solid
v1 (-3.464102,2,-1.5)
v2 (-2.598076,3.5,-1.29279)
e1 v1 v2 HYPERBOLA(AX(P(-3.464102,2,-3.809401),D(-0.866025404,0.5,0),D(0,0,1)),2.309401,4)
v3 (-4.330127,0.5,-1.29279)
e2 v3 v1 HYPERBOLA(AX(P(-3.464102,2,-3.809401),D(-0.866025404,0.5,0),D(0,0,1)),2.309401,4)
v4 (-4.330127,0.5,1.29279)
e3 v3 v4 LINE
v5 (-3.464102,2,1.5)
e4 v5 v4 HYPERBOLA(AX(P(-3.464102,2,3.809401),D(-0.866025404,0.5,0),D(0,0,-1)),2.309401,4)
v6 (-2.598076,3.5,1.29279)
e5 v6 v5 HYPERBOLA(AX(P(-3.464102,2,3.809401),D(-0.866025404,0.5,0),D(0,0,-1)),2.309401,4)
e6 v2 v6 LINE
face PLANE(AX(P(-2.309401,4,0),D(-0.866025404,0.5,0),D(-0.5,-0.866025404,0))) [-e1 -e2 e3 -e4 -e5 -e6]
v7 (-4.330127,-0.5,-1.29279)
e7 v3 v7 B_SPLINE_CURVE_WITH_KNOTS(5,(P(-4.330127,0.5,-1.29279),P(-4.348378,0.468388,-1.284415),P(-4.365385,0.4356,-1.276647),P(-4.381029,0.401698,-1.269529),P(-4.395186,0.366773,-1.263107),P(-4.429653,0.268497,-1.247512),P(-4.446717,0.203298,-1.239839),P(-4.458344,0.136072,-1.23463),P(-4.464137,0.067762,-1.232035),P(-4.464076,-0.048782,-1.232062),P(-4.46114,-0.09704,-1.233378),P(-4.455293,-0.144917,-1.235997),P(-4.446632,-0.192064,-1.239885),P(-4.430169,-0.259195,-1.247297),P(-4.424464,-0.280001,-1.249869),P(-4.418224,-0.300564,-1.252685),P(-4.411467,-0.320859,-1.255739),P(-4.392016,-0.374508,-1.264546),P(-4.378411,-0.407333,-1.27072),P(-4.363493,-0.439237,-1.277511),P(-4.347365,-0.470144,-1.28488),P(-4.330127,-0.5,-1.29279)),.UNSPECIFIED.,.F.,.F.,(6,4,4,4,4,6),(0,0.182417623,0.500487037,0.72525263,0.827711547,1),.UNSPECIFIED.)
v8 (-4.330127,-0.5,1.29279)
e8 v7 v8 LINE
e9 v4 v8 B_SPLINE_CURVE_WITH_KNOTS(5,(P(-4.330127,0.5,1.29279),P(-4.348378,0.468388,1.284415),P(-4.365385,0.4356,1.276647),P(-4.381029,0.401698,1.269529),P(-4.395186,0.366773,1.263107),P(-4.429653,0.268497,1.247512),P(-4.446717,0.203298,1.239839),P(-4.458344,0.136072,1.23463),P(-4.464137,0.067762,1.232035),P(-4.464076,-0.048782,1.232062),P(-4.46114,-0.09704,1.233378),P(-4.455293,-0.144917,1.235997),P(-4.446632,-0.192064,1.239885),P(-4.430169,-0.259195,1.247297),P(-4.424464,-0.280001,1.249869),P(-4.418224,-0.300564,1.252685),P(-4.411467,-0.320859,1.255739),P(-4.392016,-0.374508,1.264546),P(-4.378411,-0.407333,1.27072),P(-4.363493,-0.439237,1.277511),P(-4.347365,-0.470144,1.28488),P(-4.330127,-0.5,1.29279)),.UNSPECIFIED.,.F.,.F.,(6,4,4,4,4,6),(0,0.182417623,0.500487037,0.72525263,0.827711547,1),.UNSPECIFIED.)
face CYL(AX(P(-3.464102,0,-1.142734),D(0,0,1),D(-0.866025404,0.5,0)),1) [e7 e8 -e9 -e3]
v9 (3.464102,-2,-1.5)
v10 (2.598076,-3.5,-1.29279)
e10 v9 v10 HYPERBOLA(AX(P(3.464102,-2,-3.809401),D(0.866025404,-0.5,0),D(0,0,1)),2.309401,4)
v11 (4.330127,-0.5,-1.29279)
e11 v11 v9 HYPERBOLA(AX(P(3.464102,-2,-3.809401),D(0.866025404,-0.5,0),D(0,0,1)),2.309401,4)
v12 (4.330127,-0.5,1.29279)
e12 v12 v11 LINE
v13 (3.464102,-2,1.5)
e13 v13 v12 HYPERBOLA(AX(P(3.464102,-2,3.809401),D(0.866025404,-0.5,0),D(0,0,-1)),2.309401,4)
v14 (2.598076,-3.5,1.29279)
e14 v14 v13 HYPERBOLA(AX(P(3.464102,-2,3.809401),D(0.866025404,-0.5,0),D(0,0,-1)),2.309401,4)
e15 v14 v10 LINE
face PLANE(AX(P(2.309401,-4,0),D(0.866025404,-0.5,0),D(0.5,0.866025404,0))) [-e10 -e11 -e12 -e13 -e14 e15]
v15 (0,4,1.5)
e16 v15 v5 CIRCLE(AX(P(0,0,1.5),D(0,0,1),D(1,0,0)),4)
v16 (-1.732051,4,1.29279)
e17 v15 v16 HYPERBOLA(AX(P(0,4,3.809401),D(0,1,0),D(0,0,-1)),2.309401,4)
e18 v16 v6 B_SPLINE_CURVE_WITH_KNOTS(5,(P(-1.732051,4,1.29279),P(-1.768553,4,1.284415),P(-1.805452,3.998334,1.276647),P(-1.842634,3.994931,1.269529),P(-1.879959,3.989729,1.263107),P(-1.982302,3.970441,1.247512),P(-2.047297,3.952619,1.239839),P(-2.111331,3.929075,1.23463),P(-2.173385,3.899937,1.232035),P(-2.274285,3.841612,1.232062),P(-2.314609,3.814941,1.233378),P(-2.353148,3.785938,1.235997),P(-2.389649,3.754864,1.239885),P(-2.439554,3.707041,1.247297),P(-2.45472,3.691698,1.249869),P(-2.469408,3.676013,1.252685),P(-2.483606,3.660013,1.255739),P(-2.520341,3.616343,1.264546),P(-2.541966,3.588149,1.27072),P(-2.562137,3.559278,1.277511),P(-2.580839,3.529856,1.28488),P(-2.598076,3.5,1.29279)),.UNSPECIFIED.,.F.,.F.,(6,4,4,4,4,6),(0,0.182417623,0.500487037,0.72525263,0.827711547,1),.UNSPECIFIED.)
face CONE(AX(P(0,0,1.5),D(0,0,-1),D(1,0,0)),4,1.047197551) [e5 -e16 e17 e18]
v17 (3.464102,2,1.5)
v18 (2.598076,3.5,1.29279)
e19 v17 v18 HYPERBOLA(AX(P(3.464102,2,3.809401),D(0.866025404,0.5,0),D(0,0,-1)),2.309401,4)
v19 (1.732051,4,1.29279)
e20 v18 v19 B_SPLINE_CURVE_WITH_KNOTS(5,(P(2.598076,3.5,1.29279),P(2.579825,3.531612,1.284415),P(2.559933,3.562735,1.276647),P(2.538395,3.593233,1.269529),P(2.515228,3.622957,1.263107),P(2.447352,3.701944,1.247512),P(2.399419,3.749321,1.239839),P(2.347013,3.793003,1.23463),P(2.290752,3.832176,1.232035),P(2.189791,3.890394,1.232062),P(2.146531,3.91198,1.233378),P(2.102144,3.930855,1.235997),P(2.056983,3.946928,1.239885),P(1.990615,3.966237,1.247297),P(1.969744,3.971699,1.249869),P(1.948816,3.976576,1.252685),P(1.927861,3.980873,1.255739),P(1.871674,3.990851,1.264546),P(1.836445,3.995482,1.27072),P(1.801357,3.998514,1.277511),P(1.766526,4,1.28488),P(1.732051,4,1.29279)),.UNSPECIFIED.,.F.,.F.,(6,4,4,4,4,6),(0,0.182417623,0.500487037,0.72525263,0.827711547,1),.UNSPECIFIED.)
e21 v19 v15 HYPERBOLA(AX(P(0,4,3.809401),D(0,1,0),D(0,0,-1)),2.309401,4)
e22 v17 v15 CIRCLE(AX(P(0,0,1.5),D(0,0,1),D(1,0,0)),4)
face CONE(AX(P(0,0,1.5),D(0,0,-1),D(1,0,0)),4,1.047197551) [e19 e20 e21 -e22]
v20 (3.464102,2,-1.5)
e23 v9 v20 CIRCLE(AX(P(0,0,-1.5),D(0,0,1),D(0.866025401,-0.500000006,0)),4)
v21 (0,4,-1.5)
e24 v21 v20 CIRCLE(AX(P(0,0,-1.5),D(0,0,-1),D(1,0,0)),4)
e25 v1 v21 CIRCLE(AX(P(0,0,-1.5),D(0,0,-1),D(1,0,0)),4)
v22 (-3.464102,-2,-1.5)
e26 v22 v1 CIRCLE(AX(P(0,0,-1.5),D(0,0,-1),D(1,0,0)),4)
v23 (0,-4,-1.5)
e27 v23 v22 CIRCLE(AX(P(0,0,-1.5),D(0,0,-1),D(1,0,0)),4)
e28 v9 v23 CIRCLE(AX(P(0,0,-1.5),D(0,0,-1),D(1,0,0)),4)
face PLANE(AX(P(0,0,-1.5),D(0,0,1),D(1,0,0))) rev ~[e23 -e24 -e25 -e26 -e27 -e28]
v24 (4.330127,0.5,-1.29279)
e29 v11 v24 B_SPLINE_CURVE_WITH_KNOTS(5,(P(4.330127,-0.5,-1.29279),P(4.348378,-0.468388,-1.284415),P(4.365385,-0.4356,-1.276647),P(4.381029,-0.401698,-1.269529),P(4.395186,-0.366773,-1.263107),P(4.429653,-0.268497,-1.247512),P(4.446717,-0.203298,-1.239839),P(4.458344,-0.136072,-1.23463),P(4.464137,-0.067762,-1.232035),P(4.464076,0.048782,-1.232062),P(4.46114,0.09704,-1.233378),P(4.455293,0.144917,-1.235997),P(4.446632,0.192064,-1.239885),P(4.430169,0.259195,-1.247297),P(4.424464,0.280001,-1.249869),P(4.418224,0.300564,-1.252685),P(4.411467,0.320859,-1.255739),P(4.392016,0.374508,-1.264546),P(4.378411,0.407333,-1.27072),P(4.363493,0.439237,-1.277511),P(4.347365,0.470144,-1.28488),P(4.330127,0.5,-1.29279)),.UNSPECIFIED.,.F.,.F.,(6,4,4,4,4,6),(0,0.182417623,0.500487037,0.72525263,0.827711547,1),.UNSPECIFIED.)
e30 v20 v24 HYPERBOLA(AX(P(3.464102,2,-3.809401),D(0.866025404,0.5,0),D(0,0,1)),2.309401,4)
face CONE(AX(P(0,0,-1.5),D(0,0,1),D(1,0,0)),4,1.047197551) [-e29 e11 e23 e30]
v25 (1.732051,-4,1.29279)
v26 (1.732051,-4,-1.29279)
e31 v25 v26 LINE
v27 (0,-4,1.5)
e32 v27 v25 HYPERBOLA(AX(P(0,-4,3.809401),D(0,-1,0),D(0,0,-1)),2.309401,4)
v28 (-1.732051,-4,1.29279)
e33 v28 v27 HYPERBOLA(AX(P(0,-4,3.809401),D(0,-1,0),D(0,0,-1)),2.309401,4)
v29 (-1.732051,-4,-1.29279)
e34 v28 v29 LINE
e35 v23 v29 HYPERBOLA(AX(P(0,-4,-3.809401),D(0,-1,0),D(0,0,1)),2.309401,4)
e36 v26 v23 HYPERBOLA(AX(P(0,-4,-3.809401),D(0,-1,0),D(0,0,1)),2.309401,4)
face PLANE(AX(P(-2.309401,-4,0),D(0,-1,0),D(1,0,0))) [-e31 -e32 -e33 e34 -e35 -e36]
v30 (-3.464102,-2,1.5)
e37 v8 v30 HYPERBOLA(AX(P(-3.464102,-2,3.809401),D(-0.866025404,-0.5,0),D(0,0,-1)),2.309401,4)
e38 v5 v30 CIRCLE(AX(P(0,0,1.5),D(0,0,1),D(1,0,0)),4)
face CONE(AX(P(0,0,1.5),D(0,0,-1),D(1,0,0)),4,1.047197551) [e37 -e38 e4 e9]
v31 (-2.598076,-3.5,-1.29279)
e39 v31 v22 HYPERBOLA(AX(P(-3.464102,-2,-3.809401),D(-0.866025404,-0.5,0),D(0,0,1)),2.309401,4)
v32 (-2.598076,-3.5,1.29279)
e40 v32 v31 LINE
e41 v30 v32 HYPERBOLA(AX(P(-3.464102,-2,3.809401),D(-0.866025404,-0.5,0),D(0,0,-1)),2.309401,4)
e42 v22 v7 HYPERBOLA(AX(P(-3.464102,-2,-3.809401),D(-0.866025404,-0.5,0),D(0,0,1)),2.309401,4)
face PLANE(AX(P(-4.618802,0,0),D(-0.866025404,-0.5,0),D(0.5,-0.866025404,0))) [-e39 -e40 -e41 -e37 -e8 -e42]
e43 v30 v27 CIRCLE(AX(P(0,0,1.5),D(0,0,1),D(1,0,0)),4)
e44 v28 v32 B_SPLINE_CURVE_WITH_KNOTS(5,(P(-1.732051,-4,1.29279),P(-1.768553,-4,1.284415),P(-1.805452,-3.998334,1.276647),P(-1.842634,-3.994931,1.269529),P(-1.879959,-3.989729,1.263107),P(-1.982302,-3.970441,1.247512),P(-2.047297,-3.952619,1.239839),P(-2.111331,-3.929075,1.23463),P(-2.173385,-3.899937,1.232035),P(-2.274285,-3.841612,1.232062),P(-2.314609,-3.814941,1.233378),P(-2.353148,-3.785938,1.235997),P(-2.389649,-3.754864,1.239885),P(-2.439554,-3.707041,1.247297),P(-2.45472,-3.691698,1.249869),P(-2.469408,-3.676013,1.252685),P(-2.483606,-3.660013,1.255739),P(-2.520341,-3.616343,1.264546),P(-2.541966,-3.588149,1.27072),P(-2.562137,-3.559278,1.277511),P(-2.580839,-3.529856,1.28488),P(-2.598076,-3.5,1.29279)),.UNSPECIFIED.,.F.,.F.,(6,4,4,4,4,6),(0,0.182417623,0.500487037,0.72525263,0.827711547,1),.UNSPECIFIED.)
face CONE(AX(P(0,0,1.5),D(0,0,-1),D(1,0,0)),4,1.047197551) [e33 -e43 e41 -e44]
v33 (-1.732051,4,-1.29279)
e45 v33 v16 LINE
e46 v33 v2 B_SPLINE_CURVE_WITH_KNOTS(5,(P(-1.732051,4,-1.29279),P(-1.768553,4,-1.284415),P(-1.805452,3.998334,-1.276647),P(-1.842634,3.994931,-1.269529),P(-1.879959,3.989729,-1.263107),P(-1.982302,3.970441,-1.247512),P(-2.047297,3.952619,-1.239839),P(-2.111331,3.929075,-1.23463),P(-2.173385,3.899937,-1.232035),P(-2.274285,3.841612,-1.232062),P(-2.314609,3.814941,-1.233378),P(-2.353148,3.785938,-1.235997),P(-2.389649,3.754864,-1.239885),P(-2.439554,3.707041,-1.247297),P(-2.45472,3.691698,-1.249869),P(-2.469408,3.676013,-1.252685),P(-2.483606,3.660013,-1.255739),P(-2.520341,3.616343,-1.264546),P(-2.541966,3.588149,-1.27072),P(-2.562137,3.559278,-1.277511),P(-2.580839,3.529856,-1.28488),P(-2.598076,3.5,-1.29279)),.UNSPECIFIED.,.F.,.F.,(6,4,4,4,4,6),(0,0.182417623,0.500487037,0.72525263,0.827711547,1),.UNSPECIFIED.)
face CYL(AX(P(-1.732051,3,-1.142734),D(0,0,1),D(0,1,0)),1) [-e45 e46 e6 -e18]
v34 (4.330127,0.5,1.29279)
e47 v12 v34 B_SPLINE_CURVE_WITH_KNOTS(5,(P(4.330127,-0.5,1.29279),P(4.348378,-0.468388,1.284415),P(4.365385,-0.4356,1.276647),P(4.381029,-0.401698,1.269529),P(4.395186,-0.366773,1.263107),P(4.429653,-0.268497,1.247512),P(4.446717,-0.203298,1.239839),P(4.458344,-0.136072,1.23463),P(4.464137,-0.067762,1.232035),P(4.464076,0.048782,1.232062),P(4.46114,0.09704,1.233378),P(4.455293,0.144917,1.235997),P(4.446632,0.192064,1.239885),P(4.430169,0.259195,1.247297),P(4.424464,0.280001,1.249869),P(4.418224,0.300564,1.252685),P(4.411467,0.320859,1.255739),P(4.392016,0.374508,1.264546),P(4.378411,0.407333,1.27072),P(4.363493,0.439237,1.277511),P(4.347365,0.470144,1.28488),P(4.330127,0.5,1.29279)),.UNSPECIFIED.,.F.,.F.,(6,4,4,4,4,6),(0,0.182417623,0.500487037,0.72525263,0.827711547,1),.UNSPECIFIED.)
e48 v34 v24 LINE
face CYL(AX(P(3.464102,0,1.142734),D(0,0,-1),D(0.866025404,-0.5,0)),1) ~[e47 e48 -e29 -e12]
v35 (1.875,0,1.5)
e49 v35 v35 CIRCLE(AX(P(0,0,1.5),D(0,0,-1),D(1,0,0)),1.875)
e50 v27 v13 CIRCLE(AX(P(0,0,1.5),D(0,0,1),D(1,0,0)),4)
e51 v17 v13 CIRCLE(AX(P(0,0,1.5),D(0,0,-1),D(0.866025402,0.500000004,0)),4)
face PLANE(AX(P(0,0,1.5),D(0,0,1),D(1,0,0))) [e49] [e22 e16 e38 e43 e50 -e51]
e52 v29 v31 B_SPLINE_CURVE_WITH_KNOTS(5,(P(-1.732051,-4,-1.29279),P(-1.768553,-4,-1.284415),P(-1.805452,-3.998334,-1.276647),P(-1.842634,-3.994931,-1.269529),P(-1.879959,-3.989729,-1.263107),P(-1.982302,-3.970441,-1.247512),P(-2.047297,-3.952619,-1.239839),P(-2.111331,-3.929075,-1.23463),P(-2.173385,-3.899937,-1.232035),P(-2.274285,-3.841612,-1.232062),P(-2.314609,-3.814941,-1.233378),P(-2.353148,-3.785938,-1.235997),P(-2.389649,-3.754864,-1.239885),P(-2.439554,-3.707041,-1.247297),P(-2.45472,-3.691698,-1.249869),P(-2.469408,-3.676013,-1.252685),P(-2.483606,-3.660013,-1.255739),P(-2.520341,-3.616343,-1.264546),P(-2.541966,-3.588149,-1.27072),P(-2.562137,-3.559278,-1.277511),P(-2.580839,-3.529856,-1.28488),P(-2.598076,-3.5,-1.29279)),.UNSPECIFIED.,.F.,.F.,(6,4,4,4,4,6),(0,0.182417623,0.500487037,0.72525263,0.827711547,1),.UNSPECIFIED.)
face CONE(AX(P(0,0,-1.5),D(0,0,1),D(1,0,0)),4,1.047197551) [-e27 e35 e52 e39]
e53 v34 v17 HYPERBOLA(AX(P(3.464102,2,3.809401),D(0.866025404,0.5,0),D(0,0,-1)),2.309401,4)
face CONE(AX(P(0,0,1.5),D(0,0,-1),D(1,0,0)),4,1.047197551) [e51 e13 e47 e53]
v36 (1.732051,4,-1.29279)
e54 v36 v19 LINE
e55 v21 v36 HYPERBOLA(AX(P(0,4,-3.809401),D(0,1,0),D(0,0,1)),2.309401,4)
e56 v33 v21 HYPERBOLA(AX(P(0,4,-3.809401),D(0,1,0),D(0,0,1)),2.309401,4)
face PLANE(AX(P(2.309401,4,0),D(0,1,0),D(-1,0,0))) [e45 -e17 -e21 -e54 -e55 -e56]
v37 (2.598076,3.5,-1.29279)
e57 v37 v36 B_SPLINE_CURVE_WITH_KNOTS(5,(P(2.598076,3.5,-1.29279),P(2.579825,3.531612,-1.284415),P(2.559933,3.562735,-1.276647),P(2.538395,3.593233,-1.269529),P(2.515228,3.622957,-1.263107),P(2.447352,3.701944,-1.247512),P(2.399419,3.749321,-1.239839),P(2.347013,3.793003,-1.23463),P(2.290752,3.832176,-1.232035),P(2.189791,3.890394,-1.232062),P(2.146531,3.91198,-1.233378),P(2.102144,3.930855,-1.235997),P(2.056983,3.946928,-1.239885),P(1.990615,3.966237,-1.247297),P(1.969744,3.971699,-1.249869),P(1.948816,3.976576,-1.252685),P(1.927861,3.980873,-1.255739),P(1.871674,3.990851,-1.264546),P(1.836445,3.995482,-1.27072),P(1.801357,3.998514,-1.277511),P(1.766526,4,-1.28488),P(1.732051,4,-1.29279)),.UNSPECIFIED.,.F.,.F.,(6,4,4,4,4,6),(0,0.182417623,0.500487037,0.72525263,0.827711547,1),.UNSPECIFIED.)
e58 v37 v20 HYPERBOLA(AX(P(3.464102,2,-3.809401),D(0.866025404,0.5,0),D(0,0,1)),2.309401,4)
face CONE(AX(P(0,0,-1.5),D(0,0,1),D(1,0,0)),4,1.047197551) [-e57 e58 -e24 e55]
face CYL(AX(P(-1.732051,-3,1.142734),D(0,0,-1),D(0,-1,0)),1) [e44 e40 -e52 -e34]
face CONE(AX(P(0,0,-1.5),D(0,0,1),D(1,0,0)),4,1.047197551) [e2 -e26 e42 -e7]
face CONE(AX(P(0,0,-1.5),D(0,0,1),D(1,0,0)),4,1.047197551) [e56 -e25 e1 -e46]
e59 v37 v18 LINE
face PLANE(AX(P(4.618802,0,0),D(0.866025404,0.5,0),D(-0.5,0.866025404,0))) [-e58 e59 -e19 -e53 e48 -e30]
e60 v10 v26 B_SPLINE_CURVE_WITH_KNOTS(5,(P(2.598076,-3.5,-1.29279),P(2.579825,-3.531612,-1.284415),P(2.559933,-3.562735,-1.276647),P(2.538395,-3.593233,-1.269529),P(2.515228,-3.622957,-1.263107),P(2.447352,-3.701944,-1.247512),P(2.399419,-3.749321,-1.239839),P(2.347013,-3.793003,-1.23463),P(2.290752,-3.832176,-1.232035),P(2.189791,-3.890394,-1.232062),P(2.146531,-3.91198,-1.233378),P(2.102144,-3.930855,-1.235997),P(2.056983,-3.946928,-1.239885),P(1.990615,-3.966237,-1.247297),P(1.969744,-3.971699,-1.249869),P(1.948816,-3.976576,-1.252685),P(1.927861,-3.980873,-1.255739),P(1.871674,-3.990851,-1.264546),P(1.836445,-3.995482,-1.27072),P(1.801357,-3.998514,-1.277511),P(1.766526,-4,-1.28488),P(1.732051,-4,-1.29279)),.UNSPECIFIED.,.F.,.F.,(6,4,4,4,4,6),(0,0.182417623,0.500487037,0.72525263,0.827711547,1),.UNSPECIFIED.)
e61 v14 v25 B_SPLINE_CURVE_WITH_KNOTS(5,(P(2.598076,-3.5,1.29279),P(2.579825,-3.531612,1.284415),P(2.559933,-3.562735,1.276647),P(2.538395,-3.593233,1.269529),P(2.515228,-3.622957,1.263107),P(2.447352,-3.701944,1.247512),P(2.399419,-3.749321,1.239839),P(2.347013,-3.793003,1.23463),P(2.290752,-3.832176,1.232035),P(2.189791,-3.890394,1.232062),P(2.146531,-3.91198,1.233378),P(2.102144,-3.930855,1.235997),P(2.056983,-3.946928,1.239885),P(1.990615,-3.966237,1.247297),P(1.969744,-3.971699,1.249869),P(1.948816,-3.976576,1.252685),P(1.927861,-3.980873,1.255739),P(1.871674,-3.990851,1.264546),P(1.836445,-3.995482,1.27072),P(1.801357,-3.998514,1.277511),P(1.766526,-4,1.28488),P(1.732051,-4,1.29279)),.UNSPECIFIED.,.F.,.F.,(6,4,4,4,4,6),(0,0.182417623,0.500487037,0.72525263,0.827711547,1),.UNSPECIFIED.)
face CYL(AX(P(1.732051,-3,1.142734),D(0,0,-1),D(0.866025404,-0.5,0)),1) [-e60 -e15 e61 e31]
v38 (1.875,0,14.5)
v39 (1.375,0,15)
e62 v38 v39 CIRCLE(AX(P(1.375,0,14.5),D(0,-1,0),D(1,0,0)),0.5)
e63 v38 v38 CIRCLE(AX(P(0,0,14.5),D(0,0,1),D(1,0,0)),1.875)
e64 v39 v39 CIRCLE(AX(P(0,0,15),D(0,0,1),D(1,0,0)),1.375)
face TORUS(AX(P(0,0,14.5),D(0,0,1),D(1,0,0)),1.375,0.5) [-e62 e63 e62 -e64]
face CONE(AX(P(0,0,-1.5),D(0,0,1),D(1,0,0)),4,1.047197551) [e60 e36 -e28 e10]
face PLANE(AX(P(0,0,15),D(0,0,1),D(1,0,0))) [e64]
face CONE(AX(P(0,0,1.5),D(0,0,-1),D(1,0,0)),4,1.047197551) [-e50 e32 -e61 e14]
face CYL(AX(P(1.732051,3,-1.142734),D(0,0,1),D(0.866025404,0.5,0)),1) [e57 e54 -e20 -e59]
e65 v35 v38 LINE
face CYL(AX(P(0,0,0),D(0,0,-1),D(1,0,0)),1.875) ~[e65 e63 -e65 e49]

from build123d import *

# Parameters (mm, degrees)
BOSS_EXTRUDE2_DEPTH     = 1.5
SKETCH5_OUTSIDE_W       = 65.716
SKETCH5_OUTSIDE_H       = 64.478
SKETCH5_OUTSIDE_R       = 4
CUT_EXTRUDE1_DEPTH      = 15
CUT_EXTRUDE1_DRAFT      = -60
MIRROR1_COPY_1_SKETCH_W = 65.716
MIRROR1_COPY_1_SKETCH_H = 64.478
MIRROR1_COPY_1_SKETCH_R = 4
MIRROR1_COPY_1_DEPTH    = 15
MIRROR1_COPY_1_DRAFT    = -60
SKETCH4_3_R             = 1.875
BOSS_EXTRUDE3_DEPTH     = 15
FILLET1_R               = 1
FILLET2_R               = 0.5


with BuildPart() as part:
    # Sketch4 → Boss-Extrude2 (new, symmetric)
    with BuildSketch(Plane.XY):
        Polygon((2.309401077, 4), (-2.309401077, 4), (-4.618802154, 0), (-2.309401077, -4), (2.309401077, -4), (4.618802154, 0), align=None)
    extrude(amount=BOSS_EXTRUDE2_DEPTH, both=True)


with BuildPart() as cut_extrude1_tool:
    # Sketch5 outside → Cut-Extrude1 (with draft: the straight prism first)
    with BuildSketch(Plane.XY.offset(1.5)):
        Rectangle(SKETCH5_OUTSIDE_W, SKETCH5_OUTSIDE_H)
        Circle(SKETCH5_OUTSIDE_R, mode=Mode.SUBTRACT)
    extrude(amount=-CUT_EXTRUDE1_DEPTH)
    # Cut-Extrude1: the draft: its side faces are tilted about the plane it starts from
    cut_extrude1_sides = [cut_extrude1_tool.faces().sort_by_distance(p)[0] for p in [
        (0, -32.239, -6),
        (32.858, 0, -6),
        (0, 32.239, -6),
        (-32.858, 0, -6),
        (-4, 0, -6),
    ]]
    draft(cut_extrude1_sides, Plane.XY.offset(1.5), CUT_EXTRUDE1_DRAFT)


with BuildPart() as part_1:
    add(part.part)

    # Cut-Extrude1: cut by cut_extrude1_tool
    add(cut_extrude1_tool.part, mode=Mode.SUBTRACT)


with BuildPart() as mirror1_copy_1_tool:
    # Mirror1 copy 1 sketch → Mirror1 copy 1 (with draft: the straight prism first)
    with BuildSketch(Plane(origin=(0, 0, -1.5), x_dir=(1, 0, 0), z_dir=(0, 0, -1))):
        Rectangle(MIRROR1_COPY_1_SKETCH_W, MIRROR1_COPY_1_SKETCH_H)
        Circle(MIRROR1_COPY_1_SKETCH_R, mode=Mode.SUBTRACT)
    extrude(amount=-MIRROR1_COPY_1_DEPTH)
    # Mirror1 copy 1: the draft: its side faces are tilted about the plane it starts from
    mirror1_copy_1_sides = [mirror1_copy_1_tool.faces().sort_by_distance(p)[0] for p in [
        (0, -32.239, 6),
        (32.858, 0, 6),
        (0, 32.239, 6),
        (-32.858, 0, 6),
        (-4, 0, 6),
    ]]
    draft(mirror1_copy_1_sides, Plane(origin=(0, 0, -1.5), x_dir=(1, 0, 0), z_dir=(0, 0, -1)), MIRROR1_COPY_1_DRAFT)


with BuildPart() as part_2:
    add(part_1.part)

    # Mirror1 copy 1: cut by mirror1_copy_1_tool
    add(mirror1_copy_1_tool.part, mode=Mode.SUBTRACT)

    # Sketch4<3> → Boss-Extrude3 (add)
    with BuildSketch(Plane.XY):
        Circle(SKETCH4_3_R)
    extrude(amount=BOSS_EXTRUDE3_DEPTH)

    # Fillet1
    fillet1_edges = [part_2.edges().sort_by_distance(p)[0] for p in [
        (4.618802154, 0, 0),
        (2.309401077, -4, 0),
        (-2.309401077, -4, 0),
        (-4.618802154, 0, 0),
        (-2.309401077, 4, 0),
        (2.309401077, 4, 0),
    ]]
    fillet(fillet1_edges, radius=FILLET1_R)

    # Fillet2
    fillet2_edges = [part_2.edges().sort_by_distance(p)[0] for p in [
        (-1.875, 0, 15),
    ]]
    fillet(fillet2_edges, radius=FILLET2_R)


solid = part_2.part
